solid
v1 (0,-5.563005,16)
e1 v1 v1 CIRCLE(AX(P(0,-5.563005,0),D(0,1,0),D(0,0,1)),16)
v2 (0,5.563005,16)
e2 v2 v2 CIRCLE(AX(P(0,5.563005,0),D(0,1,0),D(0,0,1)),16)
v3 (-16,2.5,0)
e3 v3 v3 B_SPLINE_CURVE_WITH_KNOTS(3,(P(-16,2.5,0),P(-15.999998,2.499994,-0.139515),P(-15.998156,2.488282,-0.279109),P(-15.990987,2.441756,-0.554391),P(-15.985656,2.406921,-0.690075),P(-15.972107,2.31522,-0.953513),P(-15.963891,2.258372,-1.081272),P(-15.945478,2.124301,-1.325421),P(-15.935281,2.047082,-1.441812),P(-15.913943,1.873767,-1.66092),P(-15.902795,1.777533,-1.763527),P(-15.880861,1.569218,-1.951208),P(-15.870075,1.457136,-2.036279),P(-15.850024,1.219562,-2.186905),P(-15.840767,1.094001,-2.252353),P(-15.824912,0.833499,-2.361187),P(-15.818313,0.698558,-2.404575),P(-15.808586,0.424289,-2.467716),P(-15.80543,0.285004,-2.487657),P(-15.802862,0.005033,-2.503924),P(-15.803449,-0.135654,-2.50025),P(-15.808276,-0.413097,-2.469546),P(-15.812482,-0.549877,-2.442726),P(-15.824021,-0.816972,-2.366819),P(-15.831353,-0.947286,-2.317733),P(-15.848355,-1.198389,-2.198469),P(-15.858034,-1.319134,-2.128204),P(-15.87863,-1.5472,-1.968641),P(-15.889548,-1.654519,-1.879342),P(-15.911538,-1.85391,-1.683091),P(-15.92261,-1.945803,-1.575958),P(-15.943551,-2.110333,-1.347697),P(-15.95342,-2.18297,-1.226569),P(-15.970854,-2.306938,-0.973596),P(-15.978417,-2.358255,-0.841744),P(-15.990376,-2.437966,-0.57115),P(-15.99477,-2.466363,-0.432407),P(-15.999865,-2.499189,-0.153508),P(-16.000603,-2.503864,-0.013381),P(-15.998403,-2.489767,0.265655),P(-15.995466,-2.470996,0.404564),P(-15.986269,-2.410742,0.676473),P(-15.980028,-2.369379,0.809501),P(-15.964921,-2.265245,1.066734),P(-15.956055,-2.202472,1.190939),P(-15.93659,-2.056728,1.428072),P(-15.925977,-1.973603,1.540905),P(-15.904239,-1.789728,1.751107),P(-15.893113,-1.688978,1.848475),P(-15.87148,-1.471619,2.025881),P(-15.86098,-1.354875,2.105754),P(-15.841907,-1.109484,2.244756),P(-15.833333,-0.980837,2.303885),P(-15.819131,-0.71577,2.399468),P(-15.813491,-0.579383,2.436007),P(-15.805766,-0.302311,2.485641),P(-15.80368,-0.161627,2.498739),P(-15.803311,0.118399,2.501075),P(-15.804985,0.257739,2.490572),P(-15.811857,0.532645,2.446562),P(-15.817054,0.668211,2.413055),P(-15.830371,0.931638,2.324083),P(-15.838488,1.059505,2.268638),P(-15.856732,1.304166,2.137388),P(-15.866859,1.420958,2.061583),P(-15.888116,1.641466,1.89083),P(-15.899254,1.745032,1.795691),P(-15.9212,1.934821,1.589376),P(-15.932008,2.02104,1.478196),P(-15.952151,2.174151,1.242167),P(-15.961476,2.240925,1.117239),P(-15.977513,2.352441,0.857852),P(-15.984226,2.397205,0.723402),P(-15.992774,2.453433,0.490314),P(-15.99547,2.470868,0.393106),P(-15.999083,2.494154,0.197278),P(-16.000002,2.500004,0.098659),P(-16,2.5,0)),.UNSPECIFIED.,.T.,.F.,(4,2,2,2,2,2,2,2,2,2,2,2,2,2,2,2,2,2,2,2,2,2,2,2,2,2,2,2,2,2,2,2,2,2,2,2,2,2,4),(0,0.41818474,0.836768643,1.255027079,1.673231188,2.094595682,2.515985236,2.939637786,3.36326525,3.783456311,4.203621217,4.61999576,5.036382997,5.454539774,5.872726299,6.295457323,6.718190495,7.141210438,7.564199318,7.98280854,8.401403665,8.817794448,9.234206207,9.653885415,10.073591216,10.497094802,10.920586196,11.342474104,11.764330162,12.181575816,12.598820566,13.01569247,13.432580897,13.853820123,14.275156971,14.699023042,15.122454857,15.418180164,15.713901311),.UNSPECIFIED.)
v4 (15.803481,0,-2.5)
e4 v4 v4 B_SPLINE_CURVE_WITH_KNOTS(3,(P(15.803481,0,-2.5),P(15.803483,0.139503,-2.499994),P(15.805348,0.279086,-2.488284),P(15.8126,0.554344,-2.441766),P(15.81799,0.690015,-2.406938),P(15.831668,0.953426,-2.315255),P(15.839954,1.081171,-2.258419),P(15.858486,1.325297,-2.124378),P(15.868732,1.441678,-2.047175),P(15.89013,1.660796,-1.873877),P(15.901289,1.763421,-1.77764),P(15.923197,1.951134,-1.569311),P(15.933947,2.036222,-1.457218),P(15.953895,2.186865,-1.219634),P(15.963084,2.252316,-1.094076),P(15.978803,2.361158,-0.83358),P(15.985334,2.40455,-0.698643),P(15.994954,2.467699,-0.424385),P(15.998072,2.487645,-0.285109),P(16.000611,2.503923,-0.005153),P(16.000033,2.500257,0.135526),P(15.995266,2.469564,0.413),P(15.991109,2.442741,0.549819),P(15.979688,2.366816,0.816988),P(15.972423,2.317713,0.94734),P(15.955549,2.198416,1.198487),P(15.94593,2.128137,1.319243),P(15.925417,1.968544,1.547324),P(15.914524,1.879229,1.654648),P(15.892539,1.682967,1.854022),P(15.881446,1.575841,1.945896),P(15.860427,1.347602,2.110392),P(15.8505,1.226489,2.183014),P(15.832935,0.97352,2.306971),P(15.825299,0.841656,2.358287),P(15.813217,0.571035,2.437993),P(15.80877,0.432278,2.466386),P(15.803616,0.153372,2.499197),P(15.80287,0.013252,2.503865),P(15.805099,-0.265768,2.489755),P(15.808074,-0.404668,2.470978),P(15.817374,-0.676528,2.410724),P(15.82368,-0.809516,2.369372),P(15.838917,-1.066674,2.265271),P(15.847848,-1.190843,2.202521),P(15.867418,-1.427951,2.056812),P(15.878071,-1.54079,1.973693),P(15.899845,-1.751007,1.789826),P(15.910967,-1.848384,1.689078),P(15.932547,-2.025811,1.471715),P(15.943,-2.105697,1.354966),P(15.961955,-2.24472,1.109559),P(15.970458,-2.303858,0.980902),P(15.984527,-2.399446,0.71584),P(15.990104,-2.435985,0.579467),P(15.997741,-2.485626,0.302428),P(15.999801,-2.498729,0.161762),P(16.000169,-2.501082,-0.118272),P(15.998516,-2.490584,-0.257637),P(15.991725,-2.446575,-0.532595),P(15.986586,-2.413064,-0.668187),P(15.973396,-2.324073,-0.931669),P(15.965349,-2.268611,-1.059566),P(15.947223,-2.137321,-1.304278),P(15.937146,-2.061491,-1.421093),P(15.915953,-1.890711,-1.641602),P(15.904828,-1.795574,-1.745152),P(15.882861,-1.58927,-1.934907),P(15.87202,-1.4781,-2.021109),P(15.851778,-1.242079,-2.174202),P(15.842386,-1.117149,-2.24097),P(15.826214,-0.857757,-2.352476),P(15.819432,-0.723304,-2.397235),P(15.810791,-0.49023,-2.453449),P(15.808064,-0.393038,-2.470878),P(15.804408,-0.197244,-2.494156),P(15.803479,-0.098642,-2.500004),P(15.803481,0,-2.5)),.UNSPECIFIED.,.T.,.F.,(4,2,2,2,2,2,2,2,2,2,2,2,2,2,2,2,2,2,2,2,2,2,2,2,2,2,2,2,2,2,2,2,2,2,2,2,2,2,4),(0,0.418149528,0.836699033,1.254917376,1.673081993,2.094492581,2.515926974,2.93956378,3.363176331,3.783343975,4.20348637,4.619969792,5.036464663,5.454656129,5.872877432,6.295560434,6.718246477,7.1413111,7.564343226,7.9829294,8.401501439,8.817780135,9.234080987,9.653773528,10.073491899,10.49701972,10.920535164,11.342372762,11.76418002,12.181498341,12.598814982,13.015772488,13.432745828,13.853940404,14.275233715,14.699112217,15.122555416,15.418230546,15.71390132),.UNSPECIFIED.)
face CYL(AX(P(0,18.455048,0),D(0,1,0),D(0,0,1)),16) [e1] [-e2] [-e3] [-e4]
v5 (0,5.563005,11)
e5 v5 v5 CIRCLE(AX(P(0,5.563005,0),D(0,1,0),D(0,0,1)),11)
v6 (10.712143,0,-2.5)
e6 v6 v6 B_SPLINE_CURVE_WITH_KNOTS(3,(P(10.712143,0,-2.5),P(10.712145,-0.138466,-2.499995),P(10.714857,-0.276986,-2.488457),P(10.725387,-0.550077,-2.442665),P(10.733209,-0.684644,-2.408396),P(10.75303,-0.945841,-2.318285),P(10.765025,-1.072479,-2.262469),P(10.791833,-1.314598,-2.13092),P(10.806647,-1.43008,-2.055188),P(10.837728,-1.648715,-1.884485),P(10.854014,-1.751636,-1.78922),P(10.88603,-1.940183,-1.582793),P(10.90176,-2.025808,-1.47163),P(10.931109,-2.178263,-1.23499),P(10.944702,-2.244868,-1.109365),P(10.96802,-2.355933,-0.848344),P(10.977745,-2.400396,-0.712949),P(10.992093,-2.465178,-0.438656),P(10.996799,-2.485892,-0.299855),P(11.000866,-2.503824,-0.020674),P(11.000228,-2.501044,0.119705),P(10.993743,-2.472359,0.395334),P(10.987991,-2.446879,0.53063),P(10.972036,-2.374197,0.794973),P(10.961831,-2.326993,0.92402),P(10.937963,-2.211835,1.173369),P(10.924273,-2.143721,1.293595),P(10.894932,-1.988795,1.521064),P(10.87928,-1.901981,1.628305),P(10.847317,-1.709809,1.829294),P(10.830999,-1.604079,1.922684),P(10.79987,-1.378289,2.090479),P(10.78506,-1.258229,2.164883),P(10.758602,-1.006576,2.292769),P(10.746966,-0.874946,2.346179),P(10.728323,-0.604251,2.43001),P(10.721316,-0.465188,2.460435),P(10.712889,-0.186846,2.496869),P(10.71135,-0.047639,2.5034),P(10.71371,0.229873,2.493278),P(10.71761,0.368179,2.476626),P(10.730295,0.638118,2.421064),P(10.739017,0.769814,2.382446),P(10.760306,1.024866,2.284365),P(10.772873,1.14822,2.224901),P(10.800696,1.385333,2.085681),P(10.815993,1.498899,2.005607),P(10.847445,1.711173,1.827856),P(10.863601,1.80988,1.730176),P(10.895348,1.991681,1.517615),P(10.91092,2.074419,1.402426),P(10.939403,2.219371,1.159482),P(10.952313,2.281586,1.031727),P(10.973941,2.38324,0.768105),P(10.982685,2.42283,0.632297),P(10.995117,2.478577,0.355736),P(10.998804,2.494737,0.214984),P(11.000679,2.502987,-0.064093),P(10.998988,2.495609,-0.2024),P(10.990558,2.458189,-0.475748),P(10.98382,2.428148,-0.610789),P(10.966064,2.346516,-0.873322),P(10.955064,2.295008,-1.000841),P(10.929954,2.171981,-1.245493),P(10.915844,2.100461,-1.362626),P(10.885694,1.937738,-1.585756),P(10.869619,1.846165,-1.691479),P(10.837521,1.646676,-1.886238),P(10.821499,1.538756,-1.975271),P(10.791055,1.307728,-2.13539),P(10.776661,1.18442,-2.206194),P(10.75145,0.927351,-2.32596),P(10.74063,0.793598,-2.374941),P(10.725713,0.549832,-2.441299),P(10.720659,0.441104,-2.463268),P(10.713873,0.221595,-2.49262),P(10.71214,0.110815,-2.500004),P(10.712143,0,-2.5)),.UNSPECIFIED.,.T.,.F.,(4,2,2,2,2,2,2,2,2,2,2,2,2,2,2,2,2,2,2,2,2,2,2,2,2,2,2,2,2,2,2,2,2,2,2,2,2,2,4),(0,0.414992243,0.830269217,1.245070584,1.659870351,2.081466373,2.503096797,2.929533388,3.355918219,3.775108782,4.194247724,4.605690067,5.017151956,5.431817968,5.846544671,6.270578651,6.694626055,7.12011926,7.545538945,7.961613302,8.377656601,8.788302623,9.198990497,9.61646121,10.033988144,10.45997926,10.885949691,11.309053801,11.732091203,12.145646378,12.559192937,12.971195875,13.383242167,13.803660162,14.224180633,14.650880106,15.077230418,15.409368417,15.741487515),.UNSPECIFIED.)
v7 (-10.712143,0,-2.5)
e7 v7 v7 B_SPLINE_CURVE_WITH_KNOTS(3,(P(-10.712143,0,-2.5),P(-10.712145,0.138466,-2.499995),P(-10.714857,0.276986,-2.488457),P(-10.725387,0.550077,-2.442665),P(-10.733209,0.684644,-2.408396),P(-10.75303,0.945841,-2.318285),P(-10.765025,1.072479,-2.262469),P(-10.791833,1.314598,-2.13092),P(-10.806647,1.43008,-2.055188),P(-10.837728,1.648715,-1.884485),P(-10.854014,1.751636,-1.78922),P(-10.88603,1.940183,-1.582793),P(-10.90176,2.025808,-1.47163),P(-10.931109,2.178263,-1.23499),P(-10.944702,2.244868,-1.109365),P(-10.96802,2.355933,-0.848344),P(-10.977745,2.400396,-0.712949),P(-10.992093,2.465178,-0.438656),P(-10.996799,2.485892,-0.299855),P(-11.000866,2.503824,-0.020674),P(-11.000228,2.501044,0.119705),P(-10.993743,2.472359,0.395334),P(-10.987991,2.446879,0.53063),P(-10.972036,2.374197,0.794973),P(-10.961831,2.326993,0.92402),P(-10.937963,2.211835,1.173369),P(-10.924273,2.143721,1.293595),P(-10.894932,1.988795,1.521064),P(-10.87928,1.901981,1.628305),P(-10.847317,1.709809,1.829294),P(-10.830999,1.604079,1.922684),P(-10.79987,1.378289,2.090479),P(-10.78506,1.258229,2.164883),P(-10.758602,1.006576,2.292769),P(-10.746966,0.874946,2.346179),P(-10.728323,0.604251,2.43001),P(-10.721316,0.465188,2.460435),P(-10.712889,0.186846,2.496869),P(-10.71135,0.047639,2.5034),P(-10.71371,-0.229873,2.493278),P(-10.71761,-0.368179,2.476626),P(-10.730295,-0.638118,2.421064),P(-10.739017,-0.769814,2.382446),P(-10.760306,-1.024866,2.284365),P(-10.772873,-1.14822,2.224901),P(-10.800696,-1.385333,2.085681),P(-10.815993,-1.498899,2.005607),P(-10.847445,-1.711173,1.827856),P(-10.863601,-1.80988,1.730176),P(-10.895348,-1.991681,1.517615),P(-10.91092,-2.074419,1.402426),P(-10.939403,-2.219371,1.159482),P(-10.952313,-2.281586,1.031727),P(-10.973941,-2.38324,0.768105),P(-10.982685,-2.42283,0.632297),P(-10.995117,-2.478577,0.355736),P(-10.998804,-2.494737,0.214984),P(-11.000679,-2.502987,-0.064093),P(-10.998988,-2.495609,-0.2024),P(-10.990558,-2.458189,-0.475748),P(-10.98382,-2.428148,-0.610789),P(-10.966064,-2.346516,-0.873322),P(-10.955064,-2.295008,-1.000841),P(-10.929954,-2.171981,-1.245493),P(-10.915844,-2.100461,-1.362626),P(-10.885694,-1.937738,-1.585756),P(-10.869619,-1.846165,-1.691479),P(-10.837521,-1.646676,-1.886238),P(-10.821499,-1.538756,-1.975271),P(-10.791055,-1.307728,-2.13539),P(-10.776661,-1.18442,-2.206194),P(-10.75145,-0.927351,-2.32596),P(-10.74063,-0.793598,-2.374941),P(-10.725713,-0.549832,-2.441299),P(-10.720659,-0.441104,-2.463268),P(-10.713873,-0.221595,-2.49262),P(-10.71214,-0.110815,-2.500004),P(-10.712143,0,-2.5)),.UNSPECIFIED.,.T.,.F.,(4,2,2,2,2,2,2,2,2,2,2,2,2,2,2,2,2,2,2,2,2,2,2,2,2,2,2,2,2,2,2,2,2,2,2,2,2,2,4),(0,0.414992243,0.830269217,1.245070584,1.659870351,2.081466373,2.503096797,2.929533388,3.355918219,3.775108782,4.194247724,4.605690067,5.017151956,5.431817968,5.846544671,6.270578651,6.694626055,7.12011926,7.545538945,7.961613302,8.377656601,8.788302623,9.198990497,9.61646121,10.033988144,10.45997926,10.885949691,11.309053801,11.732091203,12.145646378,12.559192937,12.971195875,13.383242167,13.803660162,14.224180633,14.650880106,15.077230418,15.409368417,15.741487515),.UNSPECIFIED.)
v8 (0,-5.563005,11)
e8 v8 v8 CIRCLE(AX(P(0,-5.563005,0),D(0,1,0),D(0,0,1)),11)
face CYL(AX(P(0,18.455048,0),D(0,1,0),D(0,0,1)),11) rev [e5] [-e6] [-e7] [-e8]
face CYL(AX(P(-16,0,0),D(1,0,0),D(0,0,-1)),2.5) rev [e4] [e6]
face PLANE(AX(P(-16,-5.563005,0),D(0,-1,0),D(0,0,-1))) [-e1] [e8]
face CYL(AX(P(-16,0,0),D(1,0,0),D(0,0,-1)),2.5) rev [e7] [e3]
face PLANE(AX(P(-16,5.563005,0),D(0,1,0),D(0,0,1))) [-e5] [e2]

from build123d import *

# Parameters (mm, degrees)
SKETCH1_W               = 5
SKETCH1_H               = 11.126009642
CUT_EXTRUDE1_DEPTH      = 24.30122363
CUT_EXTRUDE1_DEPTH_BACK = 24.30122363
SKETCH2_R               = 2.5


with BuildPart() as part:
    # Sketch1 → Revolve1 (revolve)
    with BuildSketch(Plane.XY, mode=Mode.PRIVATE) as revolve1_sk:
        with Locations((-13.5, 0)):
            Rectangle(SKETCH1_W, SKETCH1_H)
    revolve(revolve1_sk.sketch.rotate(Axis((0, 18.45504774, 0), (0, -1, 0)), 270), axis=Axis((0, 18.45504774, 0), (0, -1, 0)))

    # Sketch2 → Cut-Extrude1 (cut, two sides: drawn at the far end of the back side and taken through both)
    with BuildSketch(Plane(origin=(0, 0, 0), x_dir=(0, 0, -1), z_dir=(1, 0, 0)).offset(-CUT_EXTRUDE1_DEPTH_BACK)):
        Circle(SKETCH2_R)
    extrude(amount=CUT_EXTRUDE1_DEPTH + CUT_EXTRUDE1_DEPTH_BACK, mode=Mode.SUBTRACT)


solid = part.part
